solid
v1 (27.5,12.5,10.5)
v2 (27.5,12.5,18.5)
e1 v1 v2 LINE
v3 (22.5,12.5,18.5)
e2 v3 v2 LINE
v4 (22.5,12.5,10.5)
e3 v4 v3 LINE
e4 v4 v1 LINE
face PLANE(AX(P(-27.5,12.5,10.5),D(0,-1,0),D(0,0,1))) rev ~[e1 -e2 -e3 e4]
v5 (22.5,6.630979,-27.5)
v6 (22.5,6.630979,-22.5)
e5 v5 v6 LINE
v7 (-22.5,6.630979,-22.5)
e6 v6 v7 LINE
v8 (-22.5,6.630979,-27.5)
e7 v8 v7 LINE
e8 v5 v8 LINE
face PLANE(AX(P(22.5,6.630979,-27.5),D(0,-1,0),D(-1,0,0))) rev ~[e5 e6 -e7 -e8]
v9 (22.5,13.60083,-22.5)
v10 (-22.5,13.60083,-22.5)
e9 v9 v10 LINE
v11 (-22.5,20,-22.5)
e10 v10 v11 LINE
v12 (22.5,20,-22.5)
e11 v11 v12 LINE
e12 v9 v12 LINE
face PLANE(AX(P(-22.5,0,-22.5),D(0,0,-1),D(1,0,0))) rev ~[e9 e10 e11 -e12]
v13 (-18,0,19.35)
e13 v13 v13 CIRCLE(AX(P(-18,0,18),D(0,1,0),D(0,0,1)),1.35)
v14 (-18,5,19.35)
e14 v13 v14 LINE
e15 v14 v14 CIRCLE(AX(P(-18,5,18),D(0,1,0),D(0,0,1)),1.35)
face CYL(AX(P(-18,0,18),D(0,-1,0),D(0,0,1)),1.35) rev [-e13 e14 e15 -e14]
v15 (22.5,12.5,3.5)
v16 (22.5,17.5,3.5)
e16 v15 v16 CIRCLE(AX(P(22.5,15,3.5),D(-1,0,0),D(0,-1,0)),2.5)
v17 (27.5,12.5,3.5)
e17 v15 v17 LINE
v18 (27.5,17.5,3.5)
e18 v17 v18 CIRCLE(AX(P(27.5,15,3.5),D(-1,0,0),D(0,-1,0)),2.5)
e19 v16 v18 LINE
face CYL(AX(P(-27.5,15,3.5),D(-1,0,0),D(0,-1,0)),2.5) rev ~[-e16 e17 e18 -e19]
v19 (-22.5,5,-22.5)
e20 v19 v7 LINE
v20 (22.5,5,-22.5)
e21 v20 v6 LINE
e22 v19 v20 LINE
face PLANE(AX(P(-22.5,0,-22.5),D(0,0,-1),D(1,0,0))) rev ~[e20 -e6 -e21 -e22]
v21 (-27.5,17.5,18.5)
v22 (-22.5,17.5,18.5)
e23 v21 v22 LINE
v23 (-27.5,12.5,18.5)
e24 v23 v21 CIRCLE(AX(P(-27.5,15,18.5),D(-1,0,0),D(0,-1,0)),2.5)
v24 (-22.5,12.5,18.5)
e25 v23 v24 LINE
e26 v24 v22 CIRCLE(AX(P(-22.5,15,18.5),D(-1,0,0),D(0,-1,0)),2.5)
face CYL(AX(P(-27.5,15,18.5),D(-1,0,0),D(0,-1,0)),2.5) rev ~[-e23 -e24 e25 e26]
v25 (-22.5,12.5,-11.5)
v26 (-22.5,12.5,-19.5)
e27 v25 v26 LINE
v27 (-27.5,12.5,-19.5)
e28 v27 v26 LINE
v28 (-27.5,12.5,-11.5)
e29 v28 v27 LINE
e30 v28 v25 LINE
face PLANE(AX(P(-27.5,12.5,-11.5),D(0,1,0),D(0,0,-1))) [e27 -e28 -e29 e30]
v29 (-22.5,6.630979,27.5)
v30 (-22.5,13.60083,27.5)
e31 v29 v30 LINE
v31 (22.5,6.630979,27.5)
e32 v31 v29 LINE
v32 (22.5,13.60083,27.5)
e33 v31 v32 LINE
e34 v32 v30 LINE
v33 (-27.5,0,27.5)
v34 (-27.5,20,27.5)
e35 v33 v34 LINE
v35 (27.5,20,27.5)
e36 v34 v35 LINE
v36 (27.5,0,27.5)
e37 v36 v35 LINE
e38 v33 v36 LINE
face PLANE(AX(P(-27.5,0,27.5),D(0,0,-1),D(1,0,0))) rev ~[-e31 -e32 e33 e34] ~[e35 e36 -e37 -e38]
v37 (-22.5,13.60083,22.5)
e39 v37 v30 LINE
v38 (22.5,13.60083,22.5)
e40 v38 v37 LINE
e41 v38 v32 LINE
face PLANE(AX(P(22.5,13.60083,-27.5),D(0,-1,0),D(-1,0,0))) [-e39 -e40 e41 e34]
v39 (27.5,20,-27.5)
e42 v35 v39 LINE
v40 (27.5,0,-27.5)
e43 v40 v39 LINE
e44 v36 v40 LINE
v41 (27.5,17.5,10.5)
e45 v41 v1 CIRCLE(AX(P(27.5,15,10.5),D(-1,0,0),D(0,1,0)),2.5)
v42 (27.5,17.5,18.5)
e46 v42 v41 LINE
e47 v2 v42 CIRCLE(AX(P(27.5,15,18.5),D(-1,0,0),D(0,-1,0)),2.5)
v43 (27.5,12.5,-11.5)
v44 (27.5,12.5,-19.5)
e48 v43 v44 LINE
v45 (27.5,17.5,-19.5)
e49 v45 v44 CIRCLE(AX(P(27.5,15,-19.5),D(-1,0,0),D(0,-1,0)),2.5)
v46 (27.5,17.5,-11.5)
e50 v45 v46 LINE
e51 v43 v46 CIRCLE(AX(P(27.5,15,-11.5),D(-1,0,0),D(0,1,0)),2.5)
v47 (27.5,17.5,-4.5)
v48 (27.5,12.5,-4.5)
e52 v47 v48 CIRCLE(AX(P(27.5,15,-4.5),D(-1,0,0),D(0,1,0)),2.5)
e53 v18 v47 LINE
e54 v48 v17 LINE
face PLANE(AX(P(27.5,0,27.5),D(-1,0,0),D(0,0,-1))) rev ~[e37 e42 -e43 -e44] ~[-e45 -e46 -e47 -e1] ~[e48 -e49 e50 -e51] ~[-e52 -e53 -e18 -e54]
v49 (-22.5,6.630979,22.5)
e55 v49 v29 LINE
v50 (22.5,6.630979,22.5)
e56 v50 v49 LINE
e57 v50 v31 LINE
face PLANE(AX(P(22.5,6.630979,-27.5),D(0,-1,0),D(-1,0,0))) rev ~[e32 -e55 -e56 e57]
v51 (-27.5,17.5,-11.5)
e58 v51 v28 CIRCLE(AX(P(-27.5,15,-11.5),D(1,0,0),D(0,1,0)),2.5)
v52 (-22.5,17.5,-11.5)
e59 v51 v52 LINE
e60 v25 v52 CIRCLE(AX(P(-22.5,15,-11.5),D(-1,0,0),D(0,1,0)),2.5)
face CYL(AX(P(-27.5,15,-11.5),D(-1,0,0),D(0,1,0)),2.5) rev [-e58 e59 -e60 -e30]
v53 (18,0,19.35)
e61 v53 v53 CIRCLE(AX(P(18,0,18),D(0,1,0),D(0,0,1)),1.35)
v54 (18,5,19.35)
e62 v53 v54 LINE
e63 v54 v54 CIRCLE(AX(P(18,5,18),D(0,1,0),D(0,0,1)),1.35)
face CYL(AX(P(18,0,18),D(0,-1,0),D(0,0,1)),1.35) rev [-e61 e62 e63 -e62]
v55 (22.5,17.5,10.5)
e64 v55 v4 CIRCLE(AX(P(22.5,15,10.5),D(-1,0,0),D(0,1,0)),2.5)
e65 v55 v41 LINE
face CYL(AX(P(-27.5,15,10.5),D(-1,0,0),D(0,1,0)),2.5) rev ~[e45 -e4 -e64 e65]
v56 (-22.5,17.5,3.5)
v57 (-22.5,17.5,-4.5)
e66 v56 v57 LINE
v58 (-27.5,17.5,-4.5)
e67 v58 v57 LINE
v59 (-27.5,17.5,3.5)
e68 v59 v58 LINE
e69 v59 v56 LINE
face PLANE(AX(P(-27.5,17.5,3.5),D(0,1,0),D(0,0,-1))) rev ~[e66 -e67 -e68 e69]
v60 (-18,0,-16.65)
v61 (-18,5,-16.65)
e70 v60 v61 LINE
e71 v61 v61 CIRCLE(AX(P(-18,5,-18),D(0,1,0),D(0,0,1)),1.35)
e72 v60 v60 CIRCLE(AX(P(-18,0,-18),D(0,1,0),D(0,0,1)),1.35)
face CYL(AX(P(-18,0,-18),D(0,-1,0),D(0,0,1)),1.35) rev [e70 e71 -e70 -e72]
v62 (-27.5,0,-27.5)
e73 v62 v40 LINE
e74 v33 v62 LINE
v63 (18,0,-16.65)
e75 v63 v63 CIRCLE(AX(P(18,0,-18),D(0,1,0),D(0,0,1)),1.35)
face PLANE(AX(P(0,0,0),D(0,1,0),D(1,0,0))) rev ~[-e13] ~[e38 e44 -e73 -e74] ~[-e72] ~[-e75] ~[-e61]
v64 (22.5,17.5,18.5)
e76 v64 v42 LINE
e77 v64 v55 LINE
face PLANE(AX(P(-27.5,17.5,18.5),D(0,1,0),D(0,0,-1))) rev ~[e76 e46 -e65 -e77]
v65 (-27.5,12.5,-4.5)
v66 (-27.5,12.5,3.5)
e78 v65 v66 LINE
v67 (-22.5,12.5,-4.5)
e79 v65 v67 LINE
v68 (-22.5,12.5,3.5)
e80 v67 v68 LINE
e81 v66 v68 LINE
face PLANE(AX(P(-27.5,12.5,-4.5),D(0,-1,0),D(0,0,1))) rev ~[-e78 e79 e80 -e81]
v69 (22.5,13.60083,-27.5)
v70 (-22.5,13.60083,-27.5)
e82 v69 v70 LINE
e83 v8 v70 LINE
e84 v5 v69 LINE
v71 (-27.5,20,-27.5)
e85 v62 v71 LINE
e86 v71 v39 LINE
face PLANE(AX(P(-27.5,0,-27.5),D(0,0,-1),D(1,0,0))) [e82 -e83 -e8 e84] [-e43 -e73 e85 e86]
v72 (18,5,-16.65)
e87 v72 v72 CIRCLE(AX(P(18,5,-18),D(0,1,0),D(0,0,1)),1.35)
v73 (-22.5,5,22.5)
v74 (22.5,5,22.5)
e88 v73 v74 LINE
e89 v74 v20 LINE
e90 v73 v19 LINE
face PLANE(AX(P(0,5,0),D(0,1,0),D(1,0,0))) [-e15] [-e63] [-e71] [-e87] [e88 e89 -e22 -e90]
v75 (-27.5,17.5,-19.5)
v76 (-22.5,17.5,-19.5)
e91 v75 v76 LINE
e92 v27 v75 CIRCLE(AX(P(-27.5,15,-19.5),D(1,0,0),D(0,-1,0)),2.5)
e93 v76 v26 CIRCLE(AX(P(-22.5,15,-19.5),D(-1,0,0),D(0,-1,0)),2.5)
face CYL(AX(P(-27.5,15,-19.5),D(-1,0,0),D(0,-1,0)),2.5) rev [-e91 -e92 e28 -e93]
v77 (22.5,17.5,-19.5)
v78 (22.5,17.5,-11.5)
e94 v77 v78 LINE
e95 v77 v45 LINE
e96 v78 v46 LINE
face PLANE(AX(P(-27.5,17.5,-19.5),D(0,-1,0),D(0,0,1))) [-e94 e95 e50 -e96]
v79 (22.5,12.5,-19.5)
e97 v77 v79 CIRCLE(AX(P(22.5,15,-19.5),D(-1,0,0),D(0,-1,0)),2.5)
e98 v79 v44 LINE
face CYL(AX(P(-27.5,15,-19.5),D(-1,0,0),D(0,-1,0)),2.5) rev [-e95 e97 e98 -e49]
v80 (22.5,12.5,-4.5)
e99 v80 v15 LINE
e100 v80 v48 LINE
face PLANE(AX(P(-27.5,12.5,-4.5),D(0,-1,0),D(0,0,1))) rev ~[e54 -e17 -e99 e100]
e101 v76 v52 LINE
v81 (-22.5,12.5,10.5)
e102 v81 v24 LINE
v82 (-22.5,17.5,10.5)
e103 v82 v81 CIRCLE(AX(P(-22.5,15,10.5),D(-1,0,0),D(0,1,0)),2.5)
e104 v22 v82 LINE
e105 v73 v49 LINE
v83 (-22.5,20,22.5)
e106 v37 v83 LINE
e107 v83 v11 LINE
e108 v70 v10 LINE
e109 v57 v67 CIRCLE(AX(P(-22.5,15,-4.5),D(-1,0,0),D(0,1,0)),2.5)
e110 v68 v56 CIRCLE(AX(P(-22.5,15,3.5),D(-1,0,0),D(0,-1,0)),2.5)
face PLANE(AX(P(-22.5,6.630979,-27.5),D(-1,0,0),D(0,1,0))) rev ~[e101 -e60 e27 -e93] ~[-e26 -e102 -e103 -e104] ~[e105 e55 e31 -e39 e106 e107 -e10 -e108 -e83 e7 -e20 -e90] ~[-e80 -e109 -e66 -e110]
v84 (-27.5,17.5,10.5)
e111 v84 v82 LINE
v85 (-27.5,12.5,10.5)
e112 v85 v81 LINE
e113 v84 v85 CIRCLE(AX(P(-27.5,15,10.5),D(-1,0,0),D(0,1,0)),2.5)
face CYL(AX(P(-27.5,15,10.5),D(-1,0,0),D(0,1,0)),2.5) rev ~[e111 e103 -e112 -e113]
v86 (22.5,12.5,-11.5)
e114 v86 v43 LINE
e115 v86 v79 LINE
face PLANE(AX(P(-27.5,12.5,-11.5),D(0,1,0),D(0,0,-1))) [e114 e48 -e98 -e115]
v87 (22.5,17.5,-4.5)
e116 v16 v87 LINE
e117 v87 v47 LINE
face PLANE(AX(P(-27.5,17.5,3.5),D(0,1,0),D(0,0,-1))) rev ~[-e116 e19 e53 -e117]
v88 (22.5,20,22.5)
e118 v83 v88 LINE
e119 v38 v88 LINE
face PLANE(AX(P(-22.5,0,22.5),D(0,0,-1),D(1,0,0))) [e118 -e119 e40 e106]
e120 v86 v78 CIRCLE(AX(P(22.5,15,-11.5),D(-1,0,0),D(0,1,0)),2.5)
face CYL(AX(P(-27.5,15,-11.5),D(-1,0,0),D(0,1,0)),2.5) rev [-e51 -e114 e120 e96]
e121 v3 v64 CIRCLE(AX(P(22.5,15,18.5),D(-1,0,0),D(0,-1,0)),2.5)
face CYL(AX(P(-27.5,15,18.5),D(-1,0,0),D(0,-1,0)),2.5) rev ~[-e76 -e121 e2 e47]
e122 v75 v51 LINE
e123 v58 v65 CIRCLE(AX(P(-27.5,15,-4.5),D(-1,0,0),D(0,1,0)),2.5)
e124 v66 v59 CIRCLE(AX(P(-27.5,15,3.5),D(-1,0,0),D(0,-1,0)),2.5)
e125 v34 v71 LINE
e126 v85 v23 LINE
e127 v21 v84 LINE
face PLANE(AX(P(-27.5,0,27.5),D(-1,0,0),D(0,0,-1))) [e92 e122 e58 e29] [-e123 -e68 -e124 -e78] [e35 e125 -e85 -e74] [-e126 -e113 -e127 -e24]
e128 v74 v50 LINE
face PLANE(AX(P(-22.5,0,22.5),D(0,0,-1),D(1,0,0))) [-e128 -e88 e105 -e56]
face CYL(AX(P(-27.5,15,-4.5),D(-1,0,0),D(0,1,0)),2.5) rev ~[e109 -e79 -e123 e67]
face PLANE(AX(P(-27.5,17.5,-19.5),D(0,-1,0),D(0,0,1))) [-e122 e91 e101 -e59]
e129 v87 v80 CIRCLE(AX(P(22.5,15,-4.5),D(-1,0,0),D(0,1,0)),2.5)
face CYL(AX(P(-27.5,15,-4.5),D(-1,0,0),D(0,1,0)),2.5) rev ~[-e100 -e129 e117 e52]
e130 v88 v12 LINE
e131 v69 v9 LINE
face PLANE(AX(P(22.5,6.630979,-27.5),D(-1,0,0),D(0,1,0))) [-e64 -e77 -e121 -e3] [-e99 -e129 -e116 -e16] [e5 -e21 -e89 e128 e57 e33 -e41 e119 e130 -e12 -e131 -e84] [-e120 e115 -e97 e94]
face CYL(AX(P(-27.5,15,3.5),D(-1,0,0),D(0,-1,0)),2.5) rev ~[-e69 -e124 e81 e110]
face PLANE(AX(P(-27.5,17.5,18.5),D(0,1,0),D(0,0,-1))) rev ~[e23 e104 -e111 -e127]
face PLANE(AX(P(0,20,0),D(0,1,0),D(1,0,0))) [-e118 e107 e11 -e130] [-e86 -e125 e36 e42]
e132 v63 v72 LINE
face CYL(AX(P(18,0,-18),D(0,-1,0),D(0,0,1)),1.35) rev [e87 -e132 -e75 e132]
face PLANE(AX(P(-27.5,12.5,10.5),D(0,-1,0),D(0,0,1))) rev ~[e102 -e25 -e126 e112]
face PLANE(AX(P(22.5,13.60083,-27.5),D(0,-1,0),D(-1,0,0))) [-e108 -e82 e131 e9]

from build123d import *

# Parameters (mm, degrees)
SKETCH1_W           = 45
SKETCH1_H           = 45
SKETCH1_R           = 1.35
BOSS_EXTRUDE1_DEPTH = 5
SKETCH2_W           = 55
SKETCH2_H           = 55
SKETCH2_W_2         = 45
SKETCH2_H_2         = 45
BOSS_EXTRUDE2_DEPTH = 20
SKETCH3_W           = 45
SKETCH3_H           = 6.969851319
CUT_EXTRUDE1_DEPTH  = 65.662585782
CUT_EXTRUDE2_DEPTH  = 65.662585782
CUT_EXTRUDE3_DEPTH  = 67.801946079


with BuildPart() as part:
    # Sketch1 → Boss-Extrude1 (new body)
    with BuildSketch(Plane(origin=(0, 0, 0), x_dir=(1, 0, 0), z_dir=(0, 1, 0))):
        Rectangle(SKETCH1_W, SKETCH1_H)
        with Locations(Location((-18, 18, 0), (0, 0, 270))):
            Circle(SKETCH1_R, mode=Mode.SUBTRACT)
        with Locations(Location((18, 18, 0), (0, 0, 270))):
            Circle(SKETCH1_R, mode=Mode.SUBTRACT)
        with Locations(Location((18, -18, 0), (0, 0, 270))):
            Circle(SKETCH1_R, mode=Mode.SUBTRACT)
        with Locations(Location((-18, -18, 0), (0, 0, 270))):
            Circle(SKETCH1_R, mode=Mode.SUBTRACT)
    extrude(amount=BOSS_EXTRUDE1_DEPTH)

    # Sketch2 → Boss-Extrude2 (add)
    with BuildSketch(Plane(origin=(0, 0, 0), x_dir=(1, 0, 0), z_dir=(0, 1, 0))):
        Rectangle(SKETCH2_W, SKETCH2_H)
        Rectangle(SKETCH2_W_2, SKETCH2_H_2, mode=Mode.SUBTRACT)
    extrude(amount=BOSS_EXTRUDE2_DEPTH)

    # Sketch3 → Cut-Extrude1 (cut, through all)
    with BuildSketch(Plane(origin=(0, 0, -27.5), x_dir=(-1, 0, 0), z_dir=(0, 0, -1))):
        with Locations((0, 10.115904606)):
            Rectangle(SKETCH3_W, SKETCH3_H)
    extrude(amount=-CUT_EXTRUDE1_DEPTH, mode=Mode.SUBTRACT)

    # Sketch4 → Cut-Extrude2 (cut, through all)
    with BuildSketch(Plane.ZY.offset(27.5)):
        with BuildLine():
            Line((-11.5, 12.5), (-19.5, 12.5))
            ThreePointArc((-19.5, 12.5), (-22, 15), (-19.5, 17.5))
            Line((-19.5, 17.5), (-11.5, 17.5))
            ThreePointArc((-11.5, 17.5), (-9, 15), (-11.5, 12.5))
        make_face()
        with BuildLine():
            Line((3.5, 17.5), (-4.5, 17.5))
            ThreePointArc((-4.5, 17.5), (-7, 15), (-4.5, 12.5))
            Line((-4.5, 12.5), (3.5, 12.5))
            ThreePointArc((3.5, 12.5), (6, 15), (3.5, 17.5))
        make_face()
        with BuildLine():
            Line((18.5, 17.5), (10.5, 17.5))
            ThreePointArc((10.5, 17.5), (8, 15), (10.5, 12.5))
            Line((10.5, 12.5), (18.5, 12.5))
            ThreePointArc((18.5, 12.5), (21, 15), (18.5, 17.5))
        make_face()
    extrude(amount=-CUT_EXTRUDE2_DEPTH, mode=Mode.SUBTRACT)

    # Sketch5 → Cut-Extrude3 (cut, through all)
    with BuildSketch(Plane(origin=(0, 0, -30), x_dir=(-1, 0, 0), z_dir=(0, 0, -1))):
        with BuildLine():
            Line((-7.5, 33), (7.5, 33))
            ThreePointArc((7.5, 33), (10.5, 30), (7.5, 27))
            Line((7.5, 27), (-7.5, 27))
            ThreePointArc((-7.5, 27), (-10.5, 30), (-7.5, 33))
        make_face()
    extrude(amount=-CUT_EXTRUDE3_DEPTH, mode=Mode.SUBTRACT)


solid = part.part
